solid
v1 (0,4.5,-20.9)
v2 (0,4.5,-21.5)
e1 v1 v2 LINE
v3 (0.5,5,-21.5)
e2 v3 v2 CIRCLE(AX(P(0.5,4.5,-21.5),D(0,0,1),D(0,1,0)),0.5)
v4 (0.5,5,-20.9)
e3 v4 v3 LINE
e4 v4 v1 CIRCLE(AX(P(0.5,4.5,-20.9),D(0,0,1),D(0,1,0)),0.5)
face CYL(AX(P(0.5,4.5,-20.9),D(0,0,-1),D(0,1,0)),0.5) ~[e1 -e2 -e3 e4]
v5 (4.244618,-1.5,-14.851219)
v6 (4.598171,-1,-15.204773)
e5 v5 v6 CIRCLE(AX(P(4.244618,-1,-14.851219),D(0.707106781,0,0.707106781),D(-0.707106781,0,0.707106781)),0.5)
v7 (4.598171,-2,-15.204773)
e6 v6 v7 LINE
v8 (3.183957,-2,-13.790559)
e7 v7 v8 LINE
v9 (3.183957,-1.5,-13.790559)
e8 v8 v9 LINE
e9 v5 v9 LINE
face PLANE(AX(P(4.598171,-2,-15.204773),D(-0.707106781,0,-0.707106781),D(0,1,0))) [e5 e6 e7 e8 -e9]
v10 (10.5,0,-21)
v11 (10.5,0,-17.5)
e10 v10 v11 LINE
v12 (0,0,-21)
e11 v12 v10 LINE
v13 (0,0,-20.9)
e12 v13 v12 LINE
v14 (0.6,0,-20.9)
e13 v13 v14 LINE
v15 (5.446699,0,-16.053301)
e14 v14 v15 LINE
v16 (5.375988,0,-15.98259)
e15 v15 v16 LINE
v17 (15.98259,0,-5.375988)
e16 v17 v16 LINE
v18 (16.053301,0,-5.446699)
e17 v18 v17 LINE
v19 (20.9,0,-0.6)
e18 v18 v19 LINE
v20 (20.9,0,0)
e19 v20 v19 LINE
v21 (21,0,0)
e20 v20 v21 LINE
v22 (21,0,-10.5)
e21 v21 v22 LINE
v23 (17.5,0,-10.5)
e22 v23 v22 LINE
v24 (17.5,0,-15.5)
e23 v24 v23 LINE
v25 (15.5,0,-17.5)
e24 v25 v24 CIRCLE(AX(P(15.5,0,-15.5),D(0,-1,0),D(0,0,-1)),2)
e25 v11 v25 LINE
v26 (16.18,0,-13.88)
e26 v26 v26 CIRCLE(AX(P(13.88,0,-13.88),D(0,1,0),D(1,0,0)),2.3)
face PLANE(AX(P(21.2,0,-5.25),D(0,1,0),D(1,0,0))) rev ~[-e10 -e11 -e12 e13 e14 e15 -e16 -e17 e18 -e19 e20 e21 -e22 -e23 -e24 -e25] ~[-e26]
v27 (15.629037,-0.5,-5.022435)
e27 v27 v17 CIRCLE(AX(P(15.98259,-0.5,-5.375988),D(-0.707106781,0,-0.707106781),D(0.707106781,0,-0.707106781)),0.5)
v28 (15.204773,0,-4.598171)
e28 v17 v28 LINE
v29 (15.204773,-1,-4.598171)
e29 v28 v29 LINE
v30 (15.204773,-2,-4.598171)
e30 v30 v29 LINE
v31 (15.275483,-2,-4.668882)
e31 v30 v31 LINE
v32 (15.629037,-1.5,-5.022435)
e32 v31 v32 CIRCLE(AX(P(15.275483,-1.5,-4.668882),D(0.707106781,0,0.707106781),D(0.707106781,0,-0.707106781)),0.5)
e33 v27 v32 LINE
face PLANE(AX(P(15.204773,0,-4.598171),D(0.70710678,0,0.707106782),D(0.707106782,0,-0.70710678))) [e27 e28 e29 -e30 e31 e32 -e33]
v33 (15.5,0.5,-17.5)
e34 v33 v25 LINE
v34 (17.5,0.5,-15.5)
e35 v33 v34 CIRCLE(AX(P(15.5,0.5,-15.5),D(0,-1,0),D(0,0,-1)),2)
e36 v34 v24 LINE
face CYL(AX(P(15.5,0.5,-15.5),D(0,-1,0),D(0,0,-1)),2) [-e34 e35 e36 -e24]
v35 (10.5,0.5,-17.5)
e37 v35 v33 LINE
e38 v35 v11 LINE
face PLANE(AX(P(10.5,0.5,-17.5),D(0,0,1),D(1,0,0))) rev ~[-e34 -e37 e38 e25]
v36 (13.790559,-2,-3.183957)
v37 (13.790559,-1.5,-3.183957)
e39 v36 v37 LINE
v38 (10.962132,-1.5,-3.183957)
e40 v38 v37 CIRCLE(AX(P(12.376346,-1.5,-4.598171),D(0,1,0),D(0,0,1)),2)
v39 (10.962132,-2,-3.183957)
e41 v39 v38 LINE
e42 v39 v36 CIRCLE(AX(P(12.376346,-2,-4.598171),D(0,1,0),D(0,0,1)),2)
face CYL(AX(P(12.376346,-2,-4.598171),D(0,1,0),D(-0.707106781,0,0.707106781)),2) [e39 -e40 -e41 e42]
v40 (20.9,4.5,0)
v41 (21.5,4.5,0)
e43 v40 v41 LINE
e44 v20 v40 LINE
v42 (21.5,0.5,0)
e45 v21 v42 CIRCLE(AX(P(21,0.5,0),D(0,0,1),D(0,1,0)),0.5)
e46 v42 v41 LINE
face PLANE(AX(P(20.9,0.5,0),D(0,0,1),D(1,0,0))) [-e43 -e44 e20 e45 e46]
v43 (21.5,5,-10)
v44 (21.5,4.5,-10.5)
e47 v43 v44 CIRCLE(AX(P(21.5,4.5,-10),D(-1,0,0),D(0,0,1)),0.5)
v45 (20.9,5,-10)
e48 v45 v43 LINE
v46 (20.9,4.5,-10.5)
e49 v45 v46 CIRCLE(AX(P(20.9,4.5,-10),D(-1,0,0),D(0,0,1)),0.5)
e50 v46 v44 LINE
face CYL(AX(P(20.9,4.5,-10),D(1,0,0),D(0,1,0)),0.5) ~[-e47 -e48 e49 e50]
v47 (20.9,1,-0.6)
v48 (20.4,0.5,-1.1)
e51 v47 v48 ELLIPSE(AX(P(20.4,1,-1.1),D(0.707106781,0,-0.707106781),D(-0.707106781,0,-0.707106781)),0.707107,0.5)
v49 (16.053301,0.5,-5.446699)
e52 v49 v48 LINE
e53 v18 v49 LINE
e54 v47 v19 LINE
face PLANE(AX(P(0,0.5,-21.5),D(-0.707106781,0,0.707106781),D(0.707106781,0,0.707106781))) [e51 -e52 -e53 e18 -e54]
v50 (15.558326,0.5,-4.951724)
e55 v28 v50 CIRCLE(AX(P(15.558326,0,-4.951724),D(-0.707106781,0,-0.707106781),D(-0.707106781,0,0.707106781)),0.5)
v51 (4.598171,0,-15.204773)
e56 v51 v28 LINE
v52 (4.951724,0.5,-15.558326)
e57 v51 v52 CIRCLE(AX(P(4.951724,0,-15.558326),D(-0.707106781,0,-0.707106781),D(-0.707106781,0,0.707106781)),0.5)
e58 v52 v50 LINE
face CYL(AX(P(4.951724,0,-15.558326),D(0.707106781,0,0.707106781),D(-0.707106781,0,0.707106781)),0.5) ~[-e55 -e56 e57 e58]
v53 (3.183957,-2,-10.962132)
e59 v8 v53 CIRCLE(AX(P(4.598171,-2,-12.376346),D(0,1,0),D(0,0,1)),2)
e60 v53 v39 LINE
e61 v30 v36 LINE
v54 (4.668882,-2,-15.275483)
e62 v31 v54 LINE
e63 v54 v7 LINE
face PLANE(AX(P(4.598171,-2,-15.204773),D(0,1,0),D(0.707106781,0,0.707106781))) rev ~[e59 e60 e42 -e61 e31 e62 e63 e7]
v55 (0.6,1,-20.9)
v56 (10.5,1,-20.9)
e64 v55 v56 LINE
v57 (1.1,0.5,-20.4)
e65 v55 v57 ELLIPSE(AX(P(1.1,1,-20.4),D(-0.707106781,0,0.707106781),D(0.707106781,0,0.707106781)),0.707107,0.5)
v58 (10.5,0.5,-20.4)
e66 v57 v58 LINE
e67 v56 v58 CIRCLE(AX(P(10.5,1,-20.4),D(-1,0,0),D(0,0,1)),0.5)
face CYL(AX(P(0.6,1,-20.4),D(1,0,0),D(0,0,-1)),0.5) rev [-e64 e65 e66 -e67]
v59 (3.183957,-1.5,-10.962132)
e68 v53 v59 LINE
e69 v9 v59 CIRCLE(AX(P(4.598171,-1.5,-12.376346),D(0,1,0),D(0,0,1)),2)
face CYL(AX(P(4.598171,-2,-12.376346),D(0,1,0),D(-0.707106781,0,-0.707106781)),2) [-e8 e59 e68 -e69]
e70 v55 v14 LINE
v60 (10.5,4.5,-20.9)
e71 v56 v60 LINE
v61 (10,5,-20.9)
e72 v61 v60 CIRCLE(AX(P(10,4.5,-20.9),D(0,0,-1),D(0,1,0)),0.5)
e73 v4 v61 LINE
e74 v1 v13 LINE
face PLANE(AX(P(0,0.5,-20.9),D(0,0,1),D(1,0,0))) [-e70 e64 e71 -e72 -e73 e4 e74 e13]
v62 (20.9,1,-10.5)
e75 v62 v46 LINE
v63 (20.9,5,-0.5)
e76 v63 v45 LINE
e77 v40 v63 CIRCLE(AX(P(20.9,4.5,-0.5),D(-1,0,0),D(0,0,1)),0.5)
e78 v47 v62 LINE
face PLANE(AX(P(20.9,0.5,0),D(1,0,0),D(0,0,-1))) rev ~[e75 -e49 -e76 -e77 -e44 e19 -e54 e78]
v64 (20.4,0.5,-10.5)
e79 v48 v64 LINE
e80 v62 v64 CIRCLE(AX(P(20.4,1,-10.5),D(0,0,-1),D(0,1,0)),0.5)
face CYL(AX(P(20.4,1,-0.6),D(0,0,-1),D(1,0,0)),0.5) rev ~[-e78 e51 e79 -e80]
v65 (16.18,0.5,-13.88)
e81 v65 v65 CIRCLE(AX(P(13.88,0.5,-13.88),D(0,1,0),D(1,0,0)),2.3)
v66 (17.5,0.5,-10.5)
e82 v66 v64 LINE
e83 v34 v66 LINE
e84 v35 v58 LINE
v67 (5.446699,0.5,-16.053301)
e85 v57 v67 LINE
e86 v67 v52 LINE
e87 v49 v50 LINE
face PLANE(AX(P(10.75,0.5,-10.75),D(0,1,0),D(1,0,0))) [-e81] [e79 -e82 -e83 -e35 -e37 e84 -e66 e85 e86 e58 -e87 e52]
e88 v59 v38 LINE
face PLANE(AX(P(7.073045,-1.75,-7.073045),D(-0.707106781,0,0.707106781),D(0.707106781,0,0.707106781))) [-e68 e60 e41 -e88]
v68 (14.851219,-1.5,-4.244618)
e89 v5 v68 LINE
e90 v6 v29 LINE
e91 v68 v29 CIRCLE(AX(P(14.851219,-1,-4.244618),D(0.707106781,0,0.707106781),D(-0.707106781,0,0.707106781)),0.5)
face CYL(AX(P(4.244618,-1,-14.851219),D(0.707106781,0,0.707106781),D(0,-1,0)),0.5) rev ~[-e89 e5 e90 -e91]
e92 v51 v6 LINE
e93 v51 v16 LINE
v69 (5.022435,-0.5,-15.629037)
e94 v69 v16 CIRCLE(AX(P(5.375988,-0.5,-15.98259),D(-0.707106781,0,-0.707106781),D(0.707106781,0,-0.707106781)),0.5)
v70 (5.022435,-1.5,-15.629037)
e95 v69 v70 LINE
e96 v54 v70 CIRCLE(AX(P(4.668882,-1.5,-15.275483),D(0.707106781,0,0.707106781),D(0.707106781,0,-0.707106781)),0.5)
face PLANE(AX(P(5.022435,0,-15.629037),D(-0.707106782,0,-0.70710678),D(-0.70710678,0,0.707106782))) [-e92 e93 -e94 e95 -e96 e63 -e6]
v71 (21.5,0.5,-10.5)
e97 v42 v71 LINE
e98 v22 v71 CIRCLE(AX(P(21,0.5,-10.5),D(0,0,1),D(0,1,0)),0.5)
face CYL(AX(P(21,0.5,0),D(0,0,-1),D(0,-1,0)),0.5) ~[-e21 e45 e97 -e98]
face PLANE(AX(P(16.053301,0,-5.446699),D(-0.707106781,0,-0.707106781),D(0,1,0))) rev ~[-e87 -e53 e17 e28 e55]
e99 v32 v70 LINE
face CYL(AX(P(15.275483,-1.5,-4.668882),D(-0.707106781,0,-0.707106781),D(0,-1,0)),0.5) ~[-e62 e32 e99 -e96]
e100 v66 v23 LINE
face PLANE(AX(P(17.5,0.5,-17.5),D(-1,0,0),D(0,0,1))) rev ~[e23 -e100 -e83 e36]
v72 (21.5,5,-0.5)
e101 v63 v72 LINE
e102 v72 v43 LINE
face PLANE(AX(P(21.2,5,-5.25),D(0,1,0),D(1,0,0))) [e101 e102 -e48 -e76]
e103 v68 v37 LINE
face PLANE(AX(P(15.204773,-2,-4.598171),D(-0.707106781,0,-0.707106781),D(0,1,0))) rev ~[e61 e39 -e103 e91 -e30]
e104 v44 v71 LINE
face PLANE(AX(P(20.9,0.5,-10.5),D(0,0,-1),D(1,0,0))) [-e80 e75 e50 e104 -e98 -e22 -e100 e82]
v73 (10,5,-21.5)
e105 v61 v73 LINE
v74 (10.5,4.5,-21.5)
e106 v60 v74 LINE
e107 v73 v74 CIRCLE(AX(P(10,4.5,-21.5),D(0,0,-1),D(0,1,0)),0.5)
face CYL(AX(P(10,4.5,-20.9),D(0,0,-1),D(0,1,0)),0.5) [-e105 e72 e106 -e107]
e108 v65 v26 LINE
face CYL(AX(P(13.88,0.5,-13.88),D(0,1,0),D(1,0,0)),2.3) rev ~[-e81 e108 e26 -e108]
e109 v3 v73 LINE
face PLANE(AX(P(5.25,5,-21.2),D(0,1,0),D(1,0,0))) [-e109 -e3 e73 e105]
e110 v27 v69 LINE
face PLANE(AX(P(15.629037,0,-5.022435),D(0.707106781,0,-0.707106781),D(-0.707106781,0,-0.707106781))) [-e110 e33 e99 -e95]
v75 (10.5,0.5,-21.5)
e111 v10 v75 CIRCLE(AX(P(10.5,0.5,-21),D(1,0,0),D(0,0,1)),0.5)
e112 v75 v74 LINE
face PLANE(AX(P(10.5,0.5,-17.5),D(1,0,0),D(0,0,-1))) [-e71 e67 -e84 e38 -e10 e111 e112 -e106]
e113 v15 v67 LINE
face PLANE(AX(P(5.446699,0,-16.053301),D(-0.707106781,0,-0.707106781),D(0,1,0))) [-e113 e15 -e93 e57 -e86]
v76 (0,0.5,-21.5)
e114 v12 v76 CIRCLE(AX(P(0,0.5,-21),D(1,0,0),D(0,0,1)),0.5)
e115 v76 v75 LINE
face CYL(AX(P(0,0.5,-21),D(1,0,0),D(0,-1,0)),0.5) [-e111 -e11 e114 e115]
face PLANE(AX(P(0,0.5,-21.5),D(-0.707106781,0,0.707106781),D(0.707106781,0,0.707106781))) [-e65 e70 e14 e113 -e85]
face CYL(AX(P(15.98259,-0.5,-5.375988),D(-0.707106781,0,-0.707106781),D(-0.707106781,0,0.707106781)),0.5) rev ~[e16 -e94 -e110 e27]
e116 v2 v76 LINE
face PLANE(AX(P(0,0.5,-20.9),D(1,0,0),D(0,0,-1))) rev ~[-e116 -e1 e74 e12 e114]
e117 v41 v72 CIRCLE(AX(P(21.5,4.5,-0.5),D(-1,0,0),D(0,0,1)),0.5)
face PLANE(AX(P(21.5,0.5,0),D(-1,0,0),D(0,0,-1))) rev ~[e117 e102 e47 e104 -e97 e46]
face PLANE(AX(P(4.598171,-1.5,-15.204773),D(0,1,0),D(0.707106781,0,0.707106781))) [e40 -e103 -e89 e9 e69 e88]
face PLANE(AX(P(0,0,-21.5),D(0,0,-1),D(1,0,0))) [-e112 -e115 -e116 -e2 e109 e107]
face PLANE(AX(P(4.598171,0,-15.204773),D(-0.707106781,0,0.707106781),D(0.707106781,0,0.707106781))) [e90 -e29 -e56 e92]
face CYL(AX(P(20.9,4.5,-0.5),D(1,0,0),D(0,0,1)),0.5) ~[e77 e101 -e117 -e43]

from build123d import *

# Parameters (mm, degrees)
SKETCH1_W                = 21.5
SKETCH1_H                = 21.5
BOSS_EXTRUDE1_DEPTH      = 0.5
SKETCH2_R                = 2.3
SKETCH2_W                = 4
SKETCH2_H                = 4
SKETCH2_H_2              = 7
SKETCH2_W_2              = 7
CUT_EXTRUDE1_DEPTH       = 1.5
FILLET1_R                = 2
SKETCH3_W                = 0.6
SKETCH3_H                = 10.5
SKETCH3_W_2              = 10.5
SKETCH3_H_2              = 0.6
BOSS_EXTRUDE2_DEPTH      = 4.5
BOSS_EXTRUDE2_DEPTH_BACK = 0.5
FILLET11_R               = 0.5
SKETCH6_W                = 15
SKETCH6_H                = 0.5
BOSS_EXTRUDE3_DEPTH      = 1.2
BOSS_EXTRUDE4_DEPTH      = 2
SKETCH9_W                = 15
SKETCH9_H                = 0.5
BOSS_EXTRUDE5_DEPTH      = 4
FILLET12_R               = 0.5
FILLET13_R               = 2


with BuildPart() as part:
    # Sketch1 → Boss-Extrude1 (new body)
    with BuildSketch(Plane(origin=(0, 0, 0), x_dir=(1, 0, 0), z_dir=(0, 1, 0))):
        with Locations((10.75, 10.75)):
            Rectangle(SKETCH1_W, SKETCH1_H)
    extrude(amount=BOSS_EXTRUDE1_DEPTH)

    # Sketch2 → Cut-Extrude1 (cut, through all)
    with BuildSketch(Plane(origin=(0, 0.5, 0), x_dir=(1, 0, 0), z_dir=(0, 1, 0))):
        Polygon((0, 21.5), (21.5, 0), (0, 0), align=None)
        with Locations((13.88, 13.88)):
            Circle(SKETCH2_R)
        with Locations((19.5, 19.5)):
            Rectangle(SKETCH2_W, SKETCH2_H)
        with Locations((19.5, 14)):
            Rectangle(SKETCH2_W, SKETCH2_H_2)
        with Locations((14, 19.5)):
            Rectangle(SKETCH2_W_2, SKETCH2_H)
    extrude(amount=-CUT_EXTRUDE1_DEPTH, mode=Mode.SUBTRACT)

    # Fillet1
    fillet1_edges = [part.edges().sort_by_distance(p)[0] for p in [
        (17.5, 0.25, -17.5),
    ]]
    fillet(fillet1_edges, radius=FILLET1_R)

    # Sketch3 → Boss-Extrude2 (add, two sides)
    with BuildSketch(Plane(origin=(0, 0.5, 0), x_dir=(1, 0, 0), z_dir=(0, 1, 0))) as boss_extrude2_sk:
        with Locations((21.2, 5.25)):
            Rectangle(SKETCH3_W, SKETCH3_H)
        with Locations((5.25, 21.2)):
            Rectangle(SKETCH3_W_2, SKETCH3_H_2)
    extrude(amount=BOSS_EXTRUDE2_DEPTH)
    extrude(boss_extrude2_sk.sketch, amount=-BOSS_EXTRUDE2_DEPTH_BACK)

    # Fillet11
    fillet11_edges = [part.edges().sort_by_distance(p)[0] for p in [
        (5.25, 0, -21.5),
        (21.5, 0, -5.25),
        (20.9, 0.5, -5.55),
        (21.2, 5, -10.5),
        (21.2, 5, 0),
        (5.55, 0.5, -20.9),
        (10.5, 5, -21.2),
        (0, 5, -21.2),
    ]]
    fillet(fillet11_edges, radius=FILLET11_R)

    # Sketch6 → Boss-Extrude3 (add)
    with BuildSketch(Plane(origin=(10.75, 0, -10.75), x_dir=(0.707106781, 0, 0.707106781), z_dir=(-0.707106781, 0, 0.707106781))):
        with Locations((0, 0.25)):
            Rectangle(SKETCH6_W, SKETCH6_H)
    extrude(amount=BOSS_EXTRUDE3_DEPTH)

    # Sketch8 → Boss-Extrude4 (add)
    with BuildSketch(Plane.XZ):
        Polygon((4.598171004, -15.204772721), (15.204772721, -4.598171004), (15.62903679, -5.022435072), (5.022435072, -15.62903679), align=None)
    extrude(amount=BOSS_EXTRUDE4_DEPTH)

    # Sketch9 → Boss-Extrude5 (add)
    with BuildSketch(Plane(origin=(9.901471863, 0, -9.901471863), x_dir=(0.707106781, 0, 0.707106781), z_dir=(-0.707106781, 0, 0.707106781))):
        with Locations((0, -1.75)):
            Rectangle(SKETCH9_W, SKETCH9_H)
    extrude(amount=BOSS_EXTRUDE5_DEPTH)

    # Fillet12
    fillet12_edges = [part.edges().sort_by_distance(p)[0] for p in [
        (9.901471863, 0.5, -9.901471863),
        (10.325735931, 0, -10.325735931),
        (10.325735931, -2, -10.325735931),
        (9.901471863, -1.5, -9.901471863),
    ]]
    fillet(fillet12_edges, radius=FILLET12_R)

    # Fillet13
    fillet13_edges = [part.edges().sort_by_distance(p)[0] for p in [
        (1.769743879, -1.75, -12.376345597),
        (12.376345597, -1.75, -1.769743879),
    ]]
    fillet(fillet13_edges, radius=FILLET13_R)


solid = part.part
